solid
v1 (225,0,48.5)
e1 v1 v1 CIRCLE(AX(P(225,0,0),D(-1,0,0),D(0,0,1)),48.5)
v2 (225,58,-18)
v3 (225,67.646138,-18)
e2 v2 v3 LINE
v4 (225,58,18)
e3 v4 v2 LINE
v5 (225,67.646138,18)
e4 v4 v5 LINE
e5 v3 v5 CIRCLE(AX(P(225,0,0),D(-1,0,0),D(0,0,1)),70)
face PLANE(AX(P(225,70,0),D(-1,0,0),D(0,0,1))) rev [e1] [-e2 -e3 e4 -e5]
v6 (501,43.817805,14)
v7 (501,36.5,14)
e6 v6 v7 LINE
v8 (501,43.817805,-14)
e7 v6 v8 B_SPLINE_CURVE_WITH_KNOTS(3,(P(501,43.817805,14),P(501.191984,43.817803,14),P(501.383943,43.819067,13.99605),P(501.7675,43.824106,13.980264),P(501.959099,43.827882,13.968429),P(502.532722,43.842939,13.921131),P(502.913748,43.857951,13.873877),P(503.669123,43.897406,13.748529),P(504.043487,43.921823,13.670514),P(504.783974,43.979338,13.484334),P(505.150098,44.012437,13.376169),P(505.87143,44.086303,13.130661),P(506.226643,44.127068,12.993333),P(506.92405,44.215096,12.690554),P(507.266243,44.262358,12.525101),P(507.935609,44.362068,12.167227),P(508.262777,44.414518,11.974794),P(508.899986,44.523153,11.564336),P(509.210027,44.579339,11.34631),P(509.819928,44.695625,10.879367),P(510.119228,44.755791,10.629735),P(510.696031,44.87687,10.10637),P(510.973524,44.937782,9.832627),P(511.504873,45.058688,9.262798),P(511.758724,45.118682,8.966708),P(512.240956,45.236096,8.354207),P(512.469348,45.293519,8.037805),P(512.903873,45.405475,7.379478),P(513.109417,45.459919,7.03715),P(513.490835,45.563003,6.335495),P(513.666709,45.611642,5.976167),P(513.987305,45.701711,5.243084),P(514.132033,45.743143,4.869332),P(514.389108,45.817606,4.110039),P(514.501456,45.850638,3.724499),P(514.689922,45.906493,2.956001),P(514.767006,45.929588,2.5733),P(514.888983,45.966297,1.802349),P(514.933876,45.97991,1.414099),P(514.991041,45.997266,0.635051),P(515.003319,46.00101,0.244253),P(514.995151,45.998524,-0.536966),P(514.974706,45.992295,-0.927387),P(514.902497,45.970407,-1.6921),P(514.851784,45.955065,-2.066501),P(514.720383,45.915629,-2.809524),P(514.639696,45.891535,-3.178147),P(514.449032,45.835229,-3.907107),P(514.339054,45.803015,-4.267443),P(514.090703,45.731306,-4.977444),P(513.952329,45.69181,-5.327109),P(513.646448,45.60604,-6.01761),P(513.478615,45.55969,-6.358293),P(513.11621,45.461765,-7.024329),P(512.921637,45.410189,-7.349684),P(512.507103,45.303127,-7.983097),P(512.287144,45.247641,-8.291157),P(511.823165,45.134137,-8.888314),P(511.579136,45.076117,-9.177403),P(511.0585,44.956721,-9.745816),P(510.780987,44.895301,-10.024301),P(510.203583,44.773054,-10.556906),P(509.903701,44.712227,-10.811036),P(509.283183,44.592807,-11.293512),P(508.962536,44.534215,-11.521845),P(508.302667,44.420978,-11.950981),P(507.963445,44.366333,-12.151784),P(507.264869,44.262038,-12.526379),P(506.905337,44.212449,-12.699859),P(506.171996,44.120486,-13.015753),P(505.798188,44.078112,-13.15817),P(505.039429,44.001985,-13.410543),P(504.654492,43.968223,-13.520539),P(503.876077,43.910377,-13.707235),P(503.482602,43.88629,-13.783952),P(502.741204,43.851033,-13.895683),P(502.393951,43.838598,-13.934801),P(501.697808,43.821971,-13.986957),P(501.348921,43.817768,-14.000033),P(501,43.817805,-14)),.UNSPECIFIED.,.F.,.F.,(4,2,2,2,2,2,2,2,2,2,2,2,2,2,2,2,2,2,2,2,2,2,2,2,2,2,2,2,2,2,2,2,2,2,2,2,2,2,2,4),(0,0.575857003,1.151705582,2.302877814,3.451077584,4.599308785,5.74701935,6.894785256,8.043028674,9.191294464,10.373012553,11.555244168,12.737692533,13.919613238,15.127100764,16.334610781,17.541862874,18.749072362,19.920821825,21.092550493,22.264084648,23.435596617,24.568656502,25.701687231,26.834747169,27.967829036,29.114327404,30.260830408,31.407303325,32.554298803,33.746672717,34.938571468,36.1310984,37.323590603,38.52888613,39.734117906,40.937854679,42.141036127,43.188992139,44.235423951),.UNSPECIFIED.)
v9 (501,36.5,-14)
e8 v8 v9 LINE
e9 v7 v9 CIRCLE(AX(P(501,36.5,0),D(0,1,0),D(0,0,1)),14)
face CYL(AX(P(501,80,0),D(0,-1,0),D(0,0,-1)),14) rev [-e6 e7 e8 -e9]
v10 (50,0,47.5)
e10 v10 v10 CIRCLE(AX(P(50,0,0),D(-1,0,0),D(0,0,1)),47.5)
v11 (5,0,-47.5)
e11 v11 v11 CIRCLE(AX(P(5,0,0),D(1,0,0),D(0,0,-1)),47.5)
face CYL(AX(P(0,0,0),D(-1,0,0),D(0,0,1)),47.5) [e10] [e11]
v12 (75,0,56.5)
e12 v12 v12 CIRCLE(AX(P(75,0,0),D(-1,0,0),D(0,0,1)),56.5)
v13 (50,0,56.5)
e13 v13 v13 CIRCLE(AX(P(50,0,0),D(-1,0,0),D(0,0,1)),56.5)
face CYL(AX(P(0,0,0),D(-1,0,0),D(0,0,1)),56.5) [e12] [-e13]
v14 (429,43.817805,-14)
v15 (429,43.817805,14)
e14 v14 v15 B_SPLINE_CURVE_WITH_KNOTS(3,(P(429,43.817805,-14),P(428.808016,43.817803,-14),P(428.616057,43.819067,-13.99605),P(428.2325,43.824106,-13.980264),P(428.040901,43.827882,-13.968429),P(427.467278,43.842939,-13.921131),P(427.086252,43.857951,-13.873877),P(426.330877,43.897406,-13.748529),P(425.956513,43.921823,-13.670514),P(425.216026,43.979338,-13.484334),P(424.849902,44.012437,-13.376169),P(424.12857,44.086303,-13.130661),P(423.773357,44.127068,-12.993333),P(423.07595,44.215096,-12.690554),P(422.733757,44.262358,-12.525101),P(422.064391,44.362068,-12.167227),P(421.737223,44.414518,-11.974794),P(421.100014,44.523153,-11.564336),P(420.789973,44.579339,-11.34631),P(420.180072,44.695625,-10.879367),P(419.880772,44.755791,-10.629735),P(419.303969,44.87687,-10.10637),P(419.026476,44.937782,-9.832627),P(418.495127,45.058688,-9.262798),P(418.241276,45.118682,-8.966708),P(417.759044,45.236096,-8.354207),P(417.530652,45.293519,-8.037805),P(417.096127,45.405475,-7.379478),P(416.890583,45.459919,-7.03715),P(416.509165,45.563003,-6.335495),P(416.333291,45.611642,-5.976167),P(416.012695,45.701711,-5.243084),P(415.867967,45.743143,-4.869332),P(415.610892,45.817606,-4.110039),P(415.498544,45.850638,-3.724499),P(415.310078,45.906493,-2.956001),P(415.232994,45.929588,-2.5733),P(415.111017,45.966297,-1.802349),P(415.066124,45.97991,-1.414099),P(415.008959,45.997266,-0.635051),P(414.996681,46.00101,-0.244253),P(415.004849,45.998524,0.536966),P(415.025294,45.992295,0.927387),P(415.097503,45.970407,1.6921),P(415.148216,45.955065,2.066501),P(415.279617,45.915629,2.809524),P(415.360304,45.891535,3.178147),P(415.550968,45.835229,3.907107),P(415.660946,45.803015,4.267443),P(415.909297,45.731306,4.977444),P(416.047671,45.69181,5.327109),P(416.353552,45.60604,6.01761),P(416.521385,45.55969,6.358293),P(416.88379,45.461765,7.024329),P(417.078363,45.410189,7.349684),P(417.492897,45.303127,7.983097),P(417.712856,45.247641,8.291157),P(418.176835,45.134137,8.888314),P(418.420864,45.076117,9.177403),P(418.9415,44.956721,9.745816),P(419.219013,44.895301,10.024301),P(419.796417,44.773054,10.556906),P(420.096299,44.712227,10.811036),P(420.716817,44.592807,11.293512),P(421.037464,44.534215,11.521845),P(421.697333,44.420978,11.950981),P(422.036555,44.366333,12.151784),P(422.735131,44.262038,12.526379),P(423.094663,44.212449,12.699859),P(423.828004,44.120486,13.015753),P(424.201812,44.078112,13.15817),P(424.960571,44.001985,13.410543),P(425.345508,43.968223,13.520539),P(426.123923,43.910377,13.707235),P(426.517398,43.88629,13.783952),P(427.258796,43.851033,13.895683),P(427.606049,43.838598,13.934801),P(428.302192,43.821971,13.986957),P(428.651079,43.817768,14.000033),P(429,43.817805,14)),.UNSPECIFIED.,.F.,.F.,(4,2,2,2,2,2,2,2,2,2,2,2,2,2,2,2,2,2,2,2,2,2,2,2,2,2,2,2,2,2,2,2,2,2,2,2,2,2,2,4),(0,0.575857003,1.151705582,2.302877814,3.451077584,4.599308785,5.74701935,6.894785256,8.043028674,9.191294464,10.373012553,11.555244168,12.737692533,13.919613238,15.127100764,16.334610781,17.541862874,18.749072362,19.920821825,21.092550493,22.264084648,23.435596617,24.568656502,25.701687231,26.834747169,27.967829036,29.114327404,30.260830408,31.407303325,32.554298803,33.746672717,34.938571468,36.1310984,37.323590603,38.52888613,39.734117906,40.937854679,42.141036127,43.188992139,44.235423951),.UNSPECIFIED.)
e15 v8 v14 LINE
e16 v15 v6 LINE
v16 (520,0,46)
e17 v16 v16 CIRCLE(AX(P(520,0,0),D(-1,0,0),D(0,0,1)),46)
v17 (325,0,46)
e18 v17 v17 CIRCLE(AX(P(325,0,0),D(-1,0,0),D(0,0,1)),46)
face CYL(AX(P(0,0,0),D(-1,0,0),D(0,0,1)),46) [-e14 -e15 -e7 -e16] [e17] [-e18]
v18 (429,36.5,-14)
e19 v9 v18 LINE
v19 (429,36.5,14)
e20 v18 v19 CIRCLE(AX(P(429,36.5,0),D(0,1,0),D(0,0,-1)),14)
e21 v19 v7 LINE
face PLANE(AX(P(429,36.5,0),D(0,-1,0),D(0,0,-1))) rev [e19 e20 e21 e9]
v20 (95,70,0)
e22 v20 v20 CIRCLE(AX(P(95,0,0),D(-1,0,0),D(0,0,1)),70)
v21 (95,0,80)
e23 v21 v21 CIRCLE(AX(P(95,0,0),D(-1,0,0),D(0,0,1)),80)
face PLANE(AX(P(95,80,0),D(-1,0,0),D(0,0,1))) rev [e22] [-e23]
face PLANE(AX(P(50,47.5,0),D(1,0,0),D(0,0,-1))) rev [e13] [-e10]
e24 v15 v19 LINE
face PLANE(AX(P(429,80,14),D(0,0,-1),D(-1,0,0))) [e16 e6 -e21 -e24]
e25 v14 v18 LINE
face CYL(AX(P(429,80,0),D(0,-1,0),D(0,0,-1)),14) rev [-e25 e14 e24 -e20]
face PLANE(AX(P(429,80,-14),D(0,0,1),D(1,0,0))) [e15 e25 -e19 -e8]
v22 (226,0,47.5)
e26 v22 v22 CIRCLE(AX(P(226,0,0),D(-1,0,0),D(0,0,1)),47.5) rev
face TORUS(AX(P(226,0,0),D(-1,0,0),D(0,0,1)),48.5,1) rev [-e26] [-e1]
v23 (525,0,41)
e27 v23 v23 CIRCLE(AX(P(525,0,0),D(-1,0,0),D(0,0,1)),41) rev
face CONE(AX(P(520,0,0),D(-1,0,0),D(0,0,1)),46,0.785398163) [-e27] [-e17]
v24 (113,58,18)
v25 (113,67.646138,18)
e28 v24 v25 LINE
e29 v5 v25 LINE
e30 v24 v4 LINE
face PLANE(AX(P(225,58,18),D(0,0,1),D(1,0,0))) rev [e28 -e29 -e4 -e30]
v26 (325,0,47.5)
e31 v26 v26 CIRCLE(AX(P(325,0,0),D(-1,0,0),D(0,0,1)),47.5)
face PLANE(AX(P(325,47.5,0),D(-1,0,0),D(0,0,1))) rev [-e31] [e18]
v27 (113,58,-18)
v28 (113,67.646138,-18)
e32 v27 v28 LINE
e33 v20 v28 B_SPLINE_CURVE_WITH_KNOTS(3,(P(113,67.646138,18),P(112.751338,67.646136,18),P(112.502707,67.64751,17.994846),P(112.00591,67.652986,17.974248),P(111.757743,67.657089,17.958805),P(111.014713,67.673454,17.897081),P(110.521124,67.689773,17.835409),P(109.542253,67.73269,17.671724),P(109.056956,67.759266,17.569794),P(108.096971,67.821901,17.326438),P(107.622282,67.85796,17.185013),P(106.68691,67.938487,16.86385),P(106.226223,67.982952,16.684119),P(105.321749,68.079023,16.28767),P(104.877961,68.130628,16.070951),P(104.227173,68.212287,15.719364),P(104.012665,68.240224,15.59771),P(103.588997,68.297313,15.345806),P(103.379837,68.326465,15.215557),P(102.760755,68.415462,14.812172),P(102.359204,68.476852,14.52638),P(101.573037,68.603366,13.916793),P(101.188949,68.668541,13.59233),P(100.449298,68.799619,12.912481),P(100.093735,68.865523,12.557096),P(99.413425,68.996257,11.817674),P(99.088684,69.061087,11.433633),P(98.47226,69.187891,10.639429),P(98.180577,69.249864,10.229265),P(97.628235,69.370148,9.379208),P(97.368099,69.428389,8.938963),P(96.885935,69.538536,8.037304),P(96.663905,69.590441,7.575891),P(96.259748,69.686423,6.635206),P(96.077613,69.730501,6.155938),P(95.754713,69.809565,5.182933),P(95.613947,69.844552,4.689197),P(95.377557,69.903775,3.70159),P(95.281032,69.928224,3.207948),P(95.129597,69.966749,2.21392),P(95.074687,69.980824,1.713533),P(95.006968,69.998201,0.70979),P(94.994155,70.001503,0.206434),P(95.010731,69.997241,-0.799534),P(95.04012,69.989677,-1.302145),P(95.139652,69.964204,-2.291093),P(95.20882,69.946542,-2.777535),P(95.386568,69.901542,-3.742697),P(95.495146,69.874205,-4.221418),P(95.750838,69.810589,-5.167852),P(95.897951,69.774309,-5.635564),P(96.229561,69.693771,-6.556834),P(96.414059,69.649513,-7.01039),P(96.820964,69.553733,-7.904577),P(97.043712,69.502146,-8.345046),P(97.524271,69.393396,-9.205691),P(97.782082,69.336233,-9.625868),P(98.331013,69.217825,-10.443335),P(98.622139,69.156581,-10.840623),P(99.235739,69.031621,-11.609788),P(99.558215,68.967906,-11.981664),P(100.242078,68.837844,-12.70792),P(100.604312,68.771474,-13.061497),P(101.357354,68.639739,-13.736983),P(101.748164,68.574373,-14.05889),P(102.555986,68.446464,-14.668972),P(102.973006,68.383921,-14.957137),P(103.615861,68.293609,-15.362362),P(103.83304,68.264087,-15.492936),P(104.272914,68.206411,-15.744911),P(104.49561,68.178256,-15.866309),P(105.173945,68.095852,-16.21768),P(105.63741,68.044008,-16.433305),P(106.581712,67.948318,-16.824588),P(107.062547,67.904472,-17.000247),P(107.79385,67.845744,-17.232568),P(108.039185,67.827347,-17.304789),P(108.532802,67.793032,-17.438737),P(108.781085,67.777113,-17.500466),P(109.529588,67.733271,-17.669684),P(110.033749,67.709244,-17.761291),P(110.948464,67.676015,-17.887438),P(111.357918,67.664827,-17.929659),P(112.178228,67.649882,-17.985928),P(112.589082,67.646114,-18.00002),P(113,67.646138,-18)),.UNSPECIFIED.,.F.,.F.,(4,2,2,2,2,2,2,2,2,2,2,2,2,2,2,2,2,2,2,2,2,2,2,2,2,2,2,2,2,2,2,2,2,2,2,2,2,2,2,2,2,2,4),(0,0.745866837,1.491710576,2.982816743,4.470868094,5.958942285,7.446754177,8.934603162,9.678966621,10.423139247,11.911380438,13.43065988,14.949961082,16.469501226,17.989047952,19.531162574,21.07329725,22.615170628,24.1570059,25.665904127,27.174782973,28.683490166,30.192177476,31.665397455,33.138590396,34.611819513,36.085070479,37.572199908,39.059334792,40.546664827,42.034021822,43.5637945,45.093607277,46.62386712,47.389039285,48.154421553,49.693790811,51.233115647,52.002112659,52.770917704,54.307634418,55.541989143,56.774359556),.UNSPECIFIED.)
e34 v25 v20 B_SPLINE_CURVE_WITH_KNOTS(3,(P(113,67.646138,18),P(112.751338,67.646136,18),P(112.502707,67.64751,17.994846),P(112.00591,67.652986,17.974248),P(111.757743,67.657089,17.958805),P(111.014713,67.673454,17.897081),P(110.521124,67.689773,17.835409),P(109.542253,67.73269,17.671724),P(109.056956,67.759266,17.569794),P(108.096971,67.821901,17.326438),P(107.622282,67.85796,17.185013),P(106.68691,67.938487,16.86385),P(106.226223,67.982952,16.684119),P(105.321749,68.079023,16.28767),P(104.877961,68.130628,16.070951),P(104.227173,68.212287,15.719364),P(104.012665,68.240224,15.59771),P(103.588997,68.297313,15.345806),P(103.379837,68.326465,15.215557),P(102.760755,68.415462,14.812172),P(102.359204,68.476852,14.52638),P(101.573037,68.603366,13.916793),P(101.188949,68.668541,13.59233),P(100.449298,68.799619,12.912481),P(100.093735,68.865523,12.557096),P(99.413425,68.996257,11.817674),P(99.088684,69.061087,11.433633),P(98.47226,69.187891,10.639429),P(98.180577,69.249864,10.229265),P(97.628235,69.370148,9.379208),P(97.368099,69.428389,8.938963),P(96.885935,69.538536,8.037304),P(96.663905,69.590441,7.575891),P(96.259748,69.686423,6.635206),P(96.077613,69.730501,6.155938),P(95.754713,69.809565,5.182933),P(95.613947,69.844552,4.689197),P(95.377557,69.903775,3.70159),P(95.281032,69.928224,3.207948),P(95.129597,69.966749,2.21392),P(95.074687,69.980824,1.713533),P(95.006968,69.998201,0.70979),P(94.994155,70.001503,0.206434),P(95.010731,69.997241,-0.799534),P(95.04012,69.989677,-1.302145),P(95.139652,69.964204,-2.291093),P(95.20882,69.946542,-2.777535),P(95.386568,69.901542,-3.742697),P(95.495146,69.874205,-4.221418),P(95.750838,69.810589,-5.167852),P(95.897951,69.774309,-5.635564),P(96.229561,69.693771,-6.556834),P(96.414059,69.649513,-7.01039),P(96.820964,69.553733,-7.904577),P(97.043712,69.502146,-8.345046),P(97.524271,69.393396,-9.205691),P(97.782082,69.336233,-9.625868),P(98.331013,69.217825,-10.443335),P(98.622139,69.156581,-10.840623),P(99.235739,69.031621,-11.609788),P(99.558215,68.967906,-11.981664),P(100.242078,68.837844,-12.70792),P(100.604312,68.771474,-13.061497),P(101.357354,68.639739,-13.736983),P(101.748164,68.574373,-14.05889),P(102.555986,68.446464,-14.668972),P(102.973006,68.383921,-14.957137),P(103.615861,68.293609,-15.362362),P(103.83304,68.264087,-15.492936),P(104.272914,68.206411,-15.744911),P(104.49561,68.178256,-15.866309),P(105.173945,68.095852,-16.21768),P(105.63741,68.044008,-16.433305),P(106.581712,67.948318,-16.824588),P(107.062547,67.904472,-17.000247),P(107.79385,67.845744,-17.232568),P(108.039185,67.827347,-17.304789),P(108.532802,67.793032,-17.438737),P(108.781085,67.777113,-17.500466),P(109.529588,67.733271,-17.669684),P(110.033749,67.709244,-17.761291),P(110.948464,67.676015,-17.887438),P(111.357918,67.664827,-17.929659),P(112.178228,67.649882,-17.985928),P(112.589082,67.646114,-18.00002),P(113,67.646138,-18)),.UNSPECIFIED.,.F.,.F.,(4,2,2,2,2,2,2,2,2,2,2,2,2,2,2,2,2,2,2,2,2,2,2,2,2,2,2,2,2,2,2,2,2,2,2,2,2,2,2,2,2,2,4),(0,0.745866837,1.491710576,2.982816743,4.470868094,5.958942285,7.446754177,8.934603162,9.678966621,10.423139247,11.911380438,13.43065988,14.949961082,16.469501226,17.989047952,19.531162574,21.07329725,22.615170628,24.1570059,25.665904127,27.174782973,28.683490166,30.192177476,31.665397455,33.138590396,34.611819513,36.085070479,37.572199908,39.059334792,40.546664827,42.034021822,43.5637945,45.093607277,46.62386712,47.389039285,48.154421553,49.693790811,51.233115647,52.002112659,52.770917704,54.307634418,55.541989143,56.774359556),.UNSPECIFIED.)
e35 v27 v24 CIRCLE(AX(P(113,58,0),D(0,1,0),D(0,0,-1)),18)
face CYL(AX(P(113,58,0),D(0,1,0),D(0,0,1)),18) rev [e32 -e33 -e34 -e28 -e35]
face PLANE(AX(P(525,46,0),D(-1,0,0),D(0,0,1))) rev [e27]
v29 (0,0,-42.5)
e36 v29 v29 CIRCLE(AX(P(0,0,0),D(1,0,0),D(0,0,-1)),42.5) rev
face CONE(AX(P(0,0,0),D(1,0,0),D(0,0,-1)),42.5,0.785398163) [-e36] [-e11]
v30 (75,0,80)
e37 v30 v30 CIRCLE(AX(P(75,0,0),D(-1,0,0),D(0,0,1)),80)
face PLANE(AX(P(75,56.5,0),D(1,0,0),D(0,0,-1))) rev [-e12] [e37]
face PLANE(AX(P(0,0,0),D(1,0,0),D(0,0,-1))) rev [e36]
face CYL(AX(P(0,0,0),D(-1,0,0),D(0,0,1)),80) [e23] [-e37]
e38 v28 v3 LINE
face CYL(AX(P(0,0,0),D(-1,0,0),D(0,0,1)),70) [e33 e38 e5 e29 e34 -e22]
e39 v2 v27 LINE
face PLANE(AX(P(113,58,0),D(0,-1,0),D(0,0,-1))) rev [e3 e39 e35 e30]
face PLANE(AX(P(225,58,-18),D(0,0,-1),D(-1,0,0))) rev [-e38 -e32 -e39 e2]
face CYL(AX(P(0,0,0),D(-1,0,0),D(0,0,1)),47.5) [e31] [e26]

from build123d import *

# Parameters (mm, degrees)
CUT_EXTRUDE_1_DEPTH = 12
CUT_EXTRUDE_START   = 36.5
CUT_EXTRUDE_2_DEPTH = 501.552138996
CHAMFER_1_SIZE      = 5
FILLET_1_R          = 1


with BuildPart() as part:
    # 草图1 → 旋转1 (revolve)
    with BuildSketch(Plane.XY, mode=Mode.PRIVATE) as revolve_1_sk:
        Polygon((0, 0), (0, 47.5), (50, 47.5), (50, 56.5), (75, 56.5), (75, 80), (95, 80), (95, 70), (225, 70), (225, 47.5), (325, 47.5), (325, 46), (525, 46), (525, 0), align=None)
    revolve(revolve_1_sk.sketch.rotate(Axis((0, 0, 0), (1, 0, 0)), 90), axis=Axis((0, 0, 0), (1, 0, 0)))

    # 草图2 → 切除-拉伸1 (cut)
    with BuildSketch(Plane(origin=(0, 70, 0), x_dir=(-1, 0, 0), z_dir=(0, 1, 0))):
        with BuildLine():
            Line((-225, 18), (-225, -18))
            Line((-225, -18), (-113, -18))
            ThreePointArc((-113, -18), (-95, 0), (-113, 18))
            Line((-113, 18), (-225, 18))
        make_face()
    extrude(amount=-CUT_EXTRUDE_1_DEPTH, mode=Mode.SUBTRACT)

    # 草图3 → 切除-拉伸2 (cut, through all)
    with BuildSketch(Plane(origin=(0, 0, 0), x_dir=(-1, 0, 0), z_dir=(0, 1, 0)).offset(CUT_EXTRUDE_START)):
        with BuildLine():
            Line((-429, 14), (-501, 14))
            ThreePointArc((-501, 14), (-515, 0), (-501, -14))
            Line((-501, -14), (-429, -14))
            ThreePointArc((-429, -14), (-415, 0), (-429, 14))
        make_face()
    extrude(amount=CUT_EXTRUDE_2_DEPTH, mode=Mode.SUBTRACT)

    # 倒角1
    chamfer_1_edges = [part.edges().sort_by_distance(p)[0] for p in [
        (0, 0, -47.5),
        (525, 0, -46),
    ]]
    chamfer(chamfer_1_edges, length=CHAMFER_1_SIZE)

    # 圆角1
    fillet_1_edges = [part.edges().sort_by_distance(p)[0] for p in [
        (225, 0, -47.5),
    ]]
    fillet(fillet_1_edges, radius=FILLET_1_R)


solid = part.part
